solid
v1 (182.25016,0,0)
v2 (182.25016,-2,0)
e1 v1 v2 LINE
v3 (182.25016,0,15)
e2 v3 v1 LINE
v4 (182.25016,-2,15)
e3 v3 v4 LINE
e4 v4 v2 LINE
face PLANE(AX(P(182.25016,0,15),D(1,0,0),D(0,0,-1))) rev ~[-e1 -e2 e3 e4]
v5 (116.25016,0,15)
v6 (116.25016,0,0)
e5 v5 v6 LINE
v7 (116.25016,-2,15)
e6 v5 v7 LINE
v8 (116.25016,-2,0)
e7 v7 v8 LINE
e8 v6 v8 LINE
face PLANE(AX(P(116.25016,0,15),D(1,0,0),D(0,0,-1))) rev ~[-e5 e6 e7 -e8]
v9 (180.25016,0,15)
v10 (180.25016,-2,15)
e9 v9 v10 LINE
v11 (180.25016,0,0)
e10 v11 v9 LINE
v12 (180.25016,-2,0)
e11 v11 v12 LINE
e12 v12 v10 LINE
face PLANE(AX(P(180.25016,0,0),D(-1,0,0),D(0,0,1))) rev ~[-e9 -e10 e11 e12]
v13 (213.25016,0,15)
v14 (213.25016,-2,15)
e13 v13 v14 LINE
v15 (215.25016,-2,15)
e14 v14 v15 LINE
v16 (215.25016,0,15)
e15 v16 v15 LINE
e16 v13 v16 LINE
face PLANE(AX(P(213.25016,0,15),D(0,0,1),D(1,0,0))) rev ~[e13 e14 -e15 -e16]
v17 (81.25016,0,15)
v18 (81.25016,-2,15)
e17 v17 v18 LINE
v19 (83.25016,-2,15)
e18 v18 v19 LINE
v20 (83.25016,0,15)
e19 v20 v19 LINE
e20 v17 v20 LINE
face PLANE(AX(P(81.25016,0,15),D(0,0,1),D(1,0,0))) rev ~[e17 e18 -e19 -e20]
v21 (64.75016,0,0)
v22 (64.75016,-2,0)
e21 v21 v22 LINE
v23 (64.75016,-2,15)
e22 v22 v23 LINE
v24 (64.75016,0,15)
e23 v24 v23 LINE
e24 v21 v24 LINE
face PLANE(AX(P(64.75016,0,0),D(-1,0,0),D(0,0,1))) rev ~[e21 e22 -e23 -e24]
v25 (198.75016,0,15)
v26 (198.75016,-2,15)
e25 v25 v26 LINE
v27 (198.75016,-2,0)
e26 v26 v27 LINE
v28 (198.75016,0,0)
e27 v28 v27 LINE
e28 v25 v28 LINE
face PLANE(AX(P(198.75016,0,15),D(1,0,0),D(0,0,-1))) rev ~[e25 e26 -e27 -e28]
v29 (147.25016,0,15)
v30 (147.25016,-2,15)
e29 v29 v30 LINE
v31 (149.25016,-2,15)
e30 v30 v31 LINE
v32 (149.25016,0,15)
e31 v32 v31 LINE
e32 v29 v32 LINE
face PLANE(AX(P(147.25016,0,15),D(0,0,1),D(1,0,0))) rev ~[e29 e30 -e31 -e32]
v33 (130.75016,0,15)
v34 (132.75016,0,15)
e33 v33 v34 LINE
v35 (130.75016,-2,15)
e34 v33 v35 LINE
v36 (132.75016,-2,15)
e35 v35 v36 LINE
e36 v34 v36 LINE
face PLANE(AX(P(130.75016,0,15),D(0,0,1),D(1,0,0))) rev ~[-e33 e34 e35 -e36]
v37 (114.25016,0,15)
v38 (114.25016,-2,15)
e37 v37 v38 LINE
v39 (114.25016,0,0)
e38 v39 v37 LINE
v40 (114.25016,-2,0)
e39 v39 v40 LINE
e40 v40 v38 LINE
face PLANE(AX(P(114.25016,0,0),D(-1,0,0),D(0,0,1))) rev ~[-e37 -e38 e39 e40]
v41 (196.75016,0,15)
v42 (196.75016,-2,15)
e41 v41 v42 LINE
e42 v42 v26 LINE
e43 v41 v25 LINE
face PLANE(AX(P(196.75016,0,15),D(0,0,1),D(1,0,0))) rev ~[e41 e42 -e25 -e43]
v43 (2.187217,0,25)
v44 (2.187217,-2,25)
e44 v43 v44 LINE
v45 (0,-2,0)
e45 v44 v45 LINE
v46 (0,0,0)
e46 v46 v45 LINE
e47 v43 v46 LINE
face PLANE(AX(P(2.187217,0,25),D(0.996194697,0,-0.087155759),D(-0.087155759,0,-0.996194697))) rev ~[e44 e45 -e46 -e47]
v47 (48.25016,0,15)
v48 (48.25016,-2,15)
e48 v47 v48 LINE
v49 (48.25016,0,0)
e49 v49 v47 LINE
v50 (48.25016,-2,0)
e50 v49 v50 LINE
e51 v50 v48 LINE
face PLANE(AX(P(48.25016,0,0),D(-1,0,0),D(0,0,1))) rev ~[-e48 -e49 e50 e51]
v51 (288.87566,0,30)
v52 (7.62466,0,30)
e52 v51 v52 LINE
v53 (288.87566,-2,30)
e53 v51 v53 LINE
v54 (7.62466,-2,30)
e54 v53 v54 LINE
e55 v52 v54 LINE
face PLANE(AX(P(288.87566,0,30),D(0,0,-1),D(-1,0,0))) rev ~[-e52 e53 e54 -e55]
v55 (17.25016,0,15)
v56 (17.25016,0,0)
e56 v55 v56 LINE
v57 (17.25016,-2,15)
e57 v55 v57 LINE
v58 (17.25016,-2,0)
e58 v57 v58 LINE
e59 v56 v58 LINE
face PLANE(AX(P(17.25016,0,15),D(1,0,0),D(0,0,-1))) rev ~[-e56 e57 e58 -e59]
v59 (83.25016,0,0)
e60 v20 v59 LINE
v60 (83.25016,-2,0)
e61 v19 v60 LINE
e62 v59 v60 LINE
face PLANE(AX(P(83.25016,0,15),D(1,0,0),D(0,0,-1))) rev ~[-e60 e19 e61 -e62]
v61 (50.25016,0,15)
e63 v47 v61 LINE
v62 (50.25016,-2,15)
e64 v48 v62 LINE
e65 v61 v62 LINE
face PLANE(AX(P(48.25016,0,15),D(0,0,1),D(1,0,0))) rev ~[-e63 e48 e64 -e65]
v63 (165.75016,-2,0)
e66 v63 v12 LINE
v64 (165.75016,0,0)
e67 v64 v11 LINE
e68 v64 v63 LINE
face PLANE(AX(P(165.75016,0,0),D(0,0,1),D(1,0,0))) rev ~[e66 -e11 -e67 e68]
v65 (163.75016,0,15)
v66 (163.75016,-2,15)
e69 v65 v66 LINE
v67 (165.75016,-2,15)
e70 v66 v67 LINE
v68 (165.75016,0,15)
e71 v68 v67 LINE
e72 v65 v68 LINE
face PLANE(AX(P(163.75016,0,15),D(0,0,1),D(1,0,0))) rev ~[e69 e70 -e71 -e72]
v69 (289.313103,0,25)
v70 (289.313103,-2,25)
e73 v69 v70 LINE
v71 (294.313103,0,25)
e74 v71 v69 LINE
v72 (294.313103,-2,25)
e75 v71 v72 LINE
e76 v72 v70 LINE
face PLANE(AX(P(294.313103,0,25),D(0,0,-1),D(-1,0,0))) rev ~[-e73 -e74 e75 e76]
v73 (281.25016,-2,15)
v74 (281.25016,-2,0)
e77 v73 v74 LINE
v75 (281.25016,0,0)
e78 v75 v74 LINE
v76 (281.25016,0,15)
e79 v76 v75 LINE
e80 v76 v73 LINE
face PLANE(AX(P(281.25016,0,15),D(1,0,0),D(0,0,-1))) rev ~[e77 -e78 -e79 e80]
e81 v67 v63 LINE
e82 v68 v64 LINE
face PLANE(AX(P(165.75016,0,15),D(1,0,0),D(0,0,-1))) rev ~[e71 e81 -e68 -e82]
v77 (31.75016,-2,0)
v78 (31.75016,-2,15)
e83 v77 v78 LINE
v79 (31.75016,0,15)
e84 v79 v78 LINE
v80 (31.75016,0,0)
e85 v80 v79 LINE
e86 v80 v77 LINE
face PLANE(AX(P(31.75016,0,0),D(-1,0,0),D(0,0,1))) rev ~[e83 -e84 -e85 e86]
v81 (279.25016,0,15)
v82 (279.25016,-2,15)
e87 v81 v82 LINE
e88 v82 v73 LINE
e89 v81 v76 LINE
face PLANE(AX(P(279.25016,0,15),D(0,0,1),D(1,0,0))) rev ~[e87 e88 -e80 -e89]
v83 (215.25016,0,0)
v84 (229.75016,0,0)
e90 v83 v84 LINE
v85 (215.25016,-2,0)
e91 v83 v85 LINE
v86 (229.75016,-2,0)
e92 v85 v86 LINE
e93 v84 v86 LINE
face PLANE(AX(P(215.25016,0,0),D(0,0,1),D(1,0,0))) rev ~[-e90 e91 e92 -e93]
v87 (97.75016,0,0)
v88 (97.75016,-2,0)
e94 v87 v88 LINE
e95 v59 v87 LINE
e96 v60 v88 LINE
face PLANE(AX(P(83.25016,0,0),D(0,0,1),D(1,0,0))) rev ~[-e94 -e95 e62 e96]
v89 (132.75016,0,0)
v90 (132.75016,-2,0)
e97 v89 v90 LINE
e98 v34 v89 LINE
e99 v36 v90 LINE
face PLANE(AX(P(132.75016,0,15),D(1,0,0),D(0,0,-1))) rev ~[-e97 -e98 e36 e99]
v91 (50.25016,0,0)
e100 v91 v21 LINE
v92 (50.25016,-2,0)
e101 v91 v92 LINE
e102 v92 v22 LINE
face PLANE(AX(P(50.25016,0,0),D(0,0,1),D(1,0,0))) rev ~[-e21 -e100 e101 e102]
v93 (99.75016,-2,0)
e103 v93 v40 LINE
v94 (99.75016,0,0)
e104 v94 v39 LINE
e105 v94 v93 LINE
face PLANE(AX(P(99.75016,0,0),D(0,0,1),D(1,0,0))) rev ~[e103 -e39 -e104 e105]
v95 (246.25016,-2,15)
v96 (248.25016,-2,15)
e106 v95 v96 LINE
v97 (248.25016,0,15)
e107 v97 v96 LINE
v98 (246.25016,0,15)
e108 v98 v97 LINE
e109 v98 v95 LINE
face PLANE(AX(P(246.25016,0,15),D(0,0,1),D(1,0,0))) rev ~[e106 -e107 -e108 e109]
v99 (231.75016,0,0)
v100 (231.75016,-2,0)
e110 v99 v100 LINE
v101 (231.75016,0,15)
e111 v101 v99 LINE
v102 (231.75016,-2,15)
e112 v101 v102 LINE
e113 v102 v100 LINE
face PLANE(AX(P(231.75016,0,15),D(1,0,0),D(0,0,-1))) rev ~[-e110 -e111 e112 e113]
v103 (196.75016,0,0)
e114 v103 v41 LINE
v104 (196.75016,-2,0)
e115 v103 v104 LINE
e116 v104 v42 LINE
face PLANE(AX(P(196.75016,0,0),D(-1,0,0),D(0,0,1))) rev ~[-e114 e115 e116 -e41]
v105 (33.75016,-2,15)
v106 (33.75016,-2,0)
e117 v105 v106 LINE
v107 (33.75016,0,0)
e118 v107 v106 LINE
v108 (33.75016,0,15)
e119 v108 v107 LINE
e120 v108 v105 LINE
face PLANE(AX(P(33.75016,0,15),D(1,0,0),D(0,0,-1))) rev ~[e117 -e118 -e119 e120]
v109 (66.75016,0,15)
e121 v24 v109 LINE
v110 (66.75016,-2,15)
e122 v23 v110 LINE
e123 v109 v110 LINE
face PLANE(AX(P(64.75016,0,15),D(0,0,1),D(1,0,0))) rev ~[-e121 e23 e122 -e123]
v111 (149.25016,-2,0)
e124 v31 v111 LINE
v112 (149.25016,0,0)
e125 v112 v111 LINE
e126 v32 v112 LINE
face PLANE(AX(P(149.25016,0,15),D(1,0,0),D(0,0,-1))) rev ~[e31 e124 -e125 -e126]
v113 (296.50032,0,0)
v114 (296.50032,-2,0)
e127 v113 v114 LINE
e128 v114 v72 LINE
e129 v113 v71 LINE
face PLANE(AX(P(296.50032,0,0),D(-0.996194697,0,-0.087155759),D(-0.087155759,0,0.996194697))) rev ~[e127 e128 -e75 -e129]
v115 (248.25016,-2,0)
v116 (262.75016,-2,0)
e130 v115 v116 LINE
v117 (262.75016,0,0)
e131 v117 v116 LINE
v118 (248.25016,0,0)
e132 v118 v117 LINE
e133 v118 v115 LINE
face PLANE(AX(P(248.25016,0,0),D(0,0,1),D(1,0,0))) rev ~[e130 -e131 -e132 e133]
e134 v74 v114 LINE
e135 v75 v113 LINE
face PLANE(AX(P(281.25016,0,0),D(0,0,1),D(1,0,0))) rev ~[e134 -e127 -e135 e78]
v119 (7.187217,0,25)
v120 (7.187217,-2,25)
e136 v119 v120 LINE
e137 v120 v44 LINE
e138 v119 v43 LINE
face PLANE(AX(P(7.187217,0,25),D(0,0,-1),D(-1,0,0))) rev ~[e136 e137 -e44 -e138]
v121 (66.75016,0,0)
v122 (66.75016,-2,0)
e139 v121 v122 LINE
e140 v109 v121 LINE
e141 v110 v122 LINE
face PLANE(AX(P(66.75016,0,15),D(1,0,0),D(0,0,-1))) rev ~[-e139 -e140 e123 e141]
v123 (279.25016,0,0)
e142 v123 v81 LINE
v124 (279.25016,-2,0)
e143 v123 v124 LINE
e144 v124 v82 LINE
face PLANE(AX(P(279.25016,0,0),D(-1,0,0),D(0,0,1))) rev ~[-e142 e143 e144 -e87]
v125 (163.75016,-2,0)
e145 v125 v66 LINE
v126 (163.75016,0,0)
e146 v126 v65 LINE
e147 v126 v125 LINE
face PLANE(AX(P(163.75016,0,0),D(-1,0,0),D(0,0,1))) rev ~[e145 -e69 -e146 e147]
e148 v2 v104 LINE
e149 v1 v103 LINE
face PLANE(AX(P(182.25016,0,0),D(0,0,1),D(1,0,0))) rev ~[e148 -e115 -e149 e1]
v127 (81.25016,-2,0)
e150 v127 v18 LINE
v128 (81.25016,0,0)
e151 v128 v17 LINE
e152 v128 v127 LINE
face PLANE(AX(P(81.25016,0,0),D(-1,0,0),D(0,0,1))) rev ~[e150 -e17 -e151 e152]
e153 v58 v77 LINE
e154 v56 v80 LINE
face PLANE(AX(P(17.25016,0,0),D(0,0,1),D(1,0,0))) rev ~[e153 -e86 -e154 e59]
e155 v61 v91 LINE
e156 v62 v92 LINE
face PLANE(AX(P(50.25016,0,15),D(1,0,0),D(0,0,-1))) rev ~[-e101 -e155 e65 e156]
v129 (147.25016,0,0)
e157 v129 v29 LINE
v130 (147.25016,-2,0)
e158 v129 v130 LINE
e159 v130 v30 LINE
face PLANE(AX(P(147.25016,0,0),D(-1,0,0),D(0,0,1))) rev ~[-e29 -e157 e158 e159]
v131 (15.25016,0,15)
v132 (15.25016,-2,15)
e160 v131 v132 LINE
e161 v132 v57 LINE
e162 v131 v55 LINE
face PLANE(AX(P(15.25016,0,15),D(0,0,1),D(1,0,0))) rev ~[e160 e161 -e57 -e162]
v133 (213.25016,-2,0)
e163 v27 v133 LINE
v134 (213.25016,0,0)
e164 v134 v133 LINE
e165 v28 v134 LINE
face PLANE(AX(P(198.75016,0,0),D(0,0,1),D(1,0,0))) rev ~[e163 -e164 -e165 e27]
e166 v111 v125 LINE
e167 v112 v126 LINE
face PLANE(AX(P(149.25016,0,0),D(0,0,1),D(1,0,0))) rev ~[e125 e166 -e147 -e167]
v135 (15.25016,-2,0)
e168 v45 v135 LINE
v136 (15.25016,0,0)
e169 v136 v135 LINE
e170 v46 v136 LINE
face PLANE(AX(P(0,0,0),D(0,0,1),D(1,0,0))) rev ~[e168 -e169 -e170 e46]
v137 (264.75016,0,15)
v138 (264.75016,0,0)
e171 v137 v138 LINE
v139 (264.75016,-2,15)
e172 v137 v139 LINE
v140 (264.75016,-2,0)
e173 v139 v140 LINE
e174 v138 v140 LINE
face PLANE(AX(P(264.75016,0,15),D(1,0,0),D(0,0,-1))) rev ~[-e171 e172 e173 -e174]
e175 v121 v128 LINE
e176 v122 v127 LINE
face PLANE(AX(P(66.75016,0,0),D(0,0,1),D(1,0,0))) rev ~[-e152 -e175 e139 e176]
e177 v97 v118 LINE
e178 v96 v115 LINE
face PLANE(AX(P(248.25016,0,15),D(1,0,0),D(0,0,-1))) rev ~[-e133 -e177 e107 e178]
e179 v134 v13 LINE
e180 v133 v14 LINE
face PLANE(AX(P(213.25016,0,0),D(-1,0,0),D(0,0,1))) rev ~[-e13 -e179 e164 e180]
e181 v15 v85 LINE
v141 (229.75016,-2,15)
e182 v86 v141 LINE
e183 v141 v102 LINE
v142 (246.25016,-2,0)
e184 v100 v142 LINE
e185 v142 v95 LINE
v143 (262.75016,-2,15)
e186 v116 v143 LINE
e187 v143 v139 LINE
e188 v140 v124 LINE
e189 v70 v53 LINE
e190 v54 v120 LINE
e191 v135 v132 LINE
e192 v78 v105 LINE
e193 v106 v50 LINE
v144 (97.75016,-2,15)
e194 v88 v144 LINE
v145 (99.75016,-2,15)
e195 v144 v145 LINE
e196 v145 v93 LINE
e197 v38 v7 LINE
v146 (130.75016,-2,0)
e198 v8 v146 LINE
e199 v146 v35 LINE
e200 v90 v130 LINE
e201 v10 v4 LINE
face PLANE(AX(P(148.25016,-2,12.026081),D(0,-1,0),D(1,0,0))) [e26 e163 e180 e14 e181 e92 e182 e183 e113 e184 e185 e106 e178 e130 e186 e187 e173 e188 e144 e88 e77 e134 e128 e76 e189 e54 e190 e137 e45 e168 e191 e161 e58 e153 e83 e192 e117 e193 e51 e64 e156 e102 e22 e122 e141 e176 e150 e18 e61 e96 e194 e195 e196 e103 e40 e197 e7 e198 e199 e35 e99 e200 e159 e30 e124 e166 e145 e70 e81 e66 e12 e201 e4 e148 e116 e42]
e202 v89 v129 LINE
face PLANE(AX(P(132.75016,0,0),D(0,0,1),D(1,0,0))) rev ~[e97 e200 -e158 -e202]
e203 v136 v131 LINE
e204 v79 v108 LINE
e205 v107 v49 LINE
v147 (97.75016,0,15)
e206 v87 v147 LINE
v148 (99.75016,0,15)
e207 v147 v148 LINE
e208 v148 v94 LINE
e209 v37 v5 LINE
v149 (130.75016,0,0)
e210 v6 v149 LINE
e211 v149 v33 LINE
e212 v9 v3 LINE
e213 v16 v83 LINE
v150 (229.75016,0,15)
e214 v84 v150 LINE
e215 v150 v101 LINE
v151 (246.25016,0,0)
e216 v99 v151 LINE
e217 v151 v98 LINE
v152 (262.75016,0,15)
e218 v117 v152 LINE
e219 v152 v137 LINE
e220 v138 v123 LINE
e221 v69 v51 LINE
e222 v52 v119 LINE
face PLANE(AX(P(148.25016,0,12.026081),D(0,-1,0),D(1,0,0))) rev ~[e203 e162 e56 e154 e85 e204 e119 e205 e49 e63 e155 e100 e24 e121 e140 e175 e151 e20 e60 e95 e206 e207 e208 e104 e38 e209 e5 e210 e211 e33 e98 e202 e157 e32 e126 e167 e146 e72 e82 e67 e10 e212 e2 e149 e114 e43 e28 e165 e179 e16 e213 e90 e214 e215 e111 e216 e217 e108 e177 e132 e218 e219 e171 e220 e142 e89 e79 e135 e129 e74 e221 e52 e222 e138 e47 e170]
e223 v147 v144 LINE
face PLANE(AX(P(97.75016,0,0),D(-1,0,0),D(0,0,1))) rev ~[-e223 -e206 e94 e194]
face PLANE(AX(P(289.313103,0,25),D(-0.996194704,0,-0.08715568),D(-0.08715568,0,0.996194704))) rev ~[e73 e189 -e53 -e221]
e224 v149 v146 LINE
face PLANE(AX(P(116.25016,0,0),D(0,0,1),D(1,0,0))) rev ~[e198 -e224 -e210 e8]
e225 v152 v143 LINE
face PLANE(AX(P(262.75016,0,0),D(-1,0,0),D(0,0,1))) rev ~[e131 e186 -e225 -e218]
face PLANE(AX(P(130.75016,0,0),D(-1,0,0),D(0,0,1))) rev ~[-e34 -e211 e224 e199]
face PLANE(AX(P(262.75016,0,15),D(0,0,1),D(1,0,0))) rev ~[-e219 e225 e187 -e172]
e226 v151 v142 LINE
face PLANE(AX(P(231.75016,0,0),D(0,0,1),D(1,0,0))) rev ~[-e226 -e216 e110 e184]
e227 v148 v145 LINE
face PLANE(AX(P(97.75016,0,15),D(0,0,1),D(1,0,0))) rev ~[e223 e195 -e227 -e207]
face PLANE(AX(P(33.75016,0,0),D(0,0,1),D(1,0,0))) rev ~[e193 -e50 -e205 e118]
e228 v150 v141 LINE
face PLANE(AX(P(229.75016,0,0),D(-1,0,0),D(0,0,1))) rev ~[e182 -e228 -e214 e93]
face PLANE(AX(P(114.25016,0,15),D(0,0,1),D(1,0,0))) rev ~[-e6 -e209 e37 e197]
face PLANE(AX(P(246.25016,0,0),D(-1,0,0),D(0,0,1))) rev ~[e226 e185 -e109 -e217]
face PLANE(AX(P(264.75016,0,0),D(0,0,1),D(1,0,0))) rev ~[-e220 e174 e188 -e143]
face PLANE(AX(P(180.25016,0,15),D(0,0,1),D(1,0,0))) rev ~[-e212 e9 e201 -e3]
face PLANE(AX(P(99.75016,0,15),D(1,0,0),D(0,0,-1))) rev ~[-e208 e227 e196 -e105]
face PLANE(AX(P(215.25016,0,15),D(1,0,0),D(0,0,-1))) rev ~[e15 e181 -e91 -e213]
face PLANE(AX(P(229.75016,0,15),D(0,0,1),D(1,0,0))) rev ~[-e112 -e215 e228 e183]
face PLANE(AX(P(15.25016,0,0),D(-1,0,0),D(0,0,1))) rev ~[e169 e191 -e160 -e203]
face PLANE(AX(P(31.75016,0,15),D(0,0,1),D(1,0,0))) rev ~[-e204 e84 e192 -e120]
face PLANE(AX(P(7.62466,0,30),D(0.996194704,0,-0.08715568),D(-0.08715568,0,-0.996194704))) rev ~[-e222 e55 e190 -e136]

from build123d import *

# Parameters (mm, degrees)
F1_DEPTH = 2


with BuildPart() as f1:
    # F0 (on Front) → F1 (new body)
    with BuildSketch(Plane.XZ):
        Polygon((281.25016, 0), (296.50032, 0), (294.313103, 25), (289.313103, 25), (288.87566, 30), (7.62466, 30), (7.187217, 25), (2.187217, 25), (0, 0), (15.25016, 0), (15.25016, 15), (17.25016, 15), (17.25016, 0), (31.75016, 0), (31.75016, 15), (33.75016, 15), (33.75016, 0), (48.25016, 0), (48.25016, 15), (50.25016, 15), (50.25016, 0), (64.75016, 0), (64.75016, 15), (66.75016, 15), (66.75016, 0), (81.25016, 0), (81.25016, 15), (83.25016, 15), (83.25016, 0), (97.75016, 0), (97.75016, 15), (99.75016, 15), (99.75016, 0), (114.25016, 0), (114.25016, 15), (116.25016, 15), (116.25016, 0), (130.75016, 0), (130.75016, 15), (132.75016, 15), (132.75016, 0), (147.25016, 0), (147.25016, 15), (149.25016, 15), (149.25016, 0), (163.75016, 0), (163.75016, 15), (165.75016, 15), (165.75016, 0), (180.25016, 0), (180.25016, 15), (182.25016, 15), (182.25016, 0), (196.75016, 0), (196.75016, 15), (198.75016, 15), (198.75016, 0), (213.25016, 0), (213.25016, 15), (215.25016, 15), (215.25016, 0), (229.75016, 0), (229.75016, 15), (231.75016, 15), (231.75016, 0), (246.25016, 0), (246.25016, 15), (248.25016, 15), (248.25016, 0), (262.75016, 0), (262.75016, 15), (264.75016, 15), (264.75016, 0), (279.25016, 0), (279.25016, 15), (281.25016, 15), align=None)
    extrude(amount=F1_DEPTH)


solid = f1.part
